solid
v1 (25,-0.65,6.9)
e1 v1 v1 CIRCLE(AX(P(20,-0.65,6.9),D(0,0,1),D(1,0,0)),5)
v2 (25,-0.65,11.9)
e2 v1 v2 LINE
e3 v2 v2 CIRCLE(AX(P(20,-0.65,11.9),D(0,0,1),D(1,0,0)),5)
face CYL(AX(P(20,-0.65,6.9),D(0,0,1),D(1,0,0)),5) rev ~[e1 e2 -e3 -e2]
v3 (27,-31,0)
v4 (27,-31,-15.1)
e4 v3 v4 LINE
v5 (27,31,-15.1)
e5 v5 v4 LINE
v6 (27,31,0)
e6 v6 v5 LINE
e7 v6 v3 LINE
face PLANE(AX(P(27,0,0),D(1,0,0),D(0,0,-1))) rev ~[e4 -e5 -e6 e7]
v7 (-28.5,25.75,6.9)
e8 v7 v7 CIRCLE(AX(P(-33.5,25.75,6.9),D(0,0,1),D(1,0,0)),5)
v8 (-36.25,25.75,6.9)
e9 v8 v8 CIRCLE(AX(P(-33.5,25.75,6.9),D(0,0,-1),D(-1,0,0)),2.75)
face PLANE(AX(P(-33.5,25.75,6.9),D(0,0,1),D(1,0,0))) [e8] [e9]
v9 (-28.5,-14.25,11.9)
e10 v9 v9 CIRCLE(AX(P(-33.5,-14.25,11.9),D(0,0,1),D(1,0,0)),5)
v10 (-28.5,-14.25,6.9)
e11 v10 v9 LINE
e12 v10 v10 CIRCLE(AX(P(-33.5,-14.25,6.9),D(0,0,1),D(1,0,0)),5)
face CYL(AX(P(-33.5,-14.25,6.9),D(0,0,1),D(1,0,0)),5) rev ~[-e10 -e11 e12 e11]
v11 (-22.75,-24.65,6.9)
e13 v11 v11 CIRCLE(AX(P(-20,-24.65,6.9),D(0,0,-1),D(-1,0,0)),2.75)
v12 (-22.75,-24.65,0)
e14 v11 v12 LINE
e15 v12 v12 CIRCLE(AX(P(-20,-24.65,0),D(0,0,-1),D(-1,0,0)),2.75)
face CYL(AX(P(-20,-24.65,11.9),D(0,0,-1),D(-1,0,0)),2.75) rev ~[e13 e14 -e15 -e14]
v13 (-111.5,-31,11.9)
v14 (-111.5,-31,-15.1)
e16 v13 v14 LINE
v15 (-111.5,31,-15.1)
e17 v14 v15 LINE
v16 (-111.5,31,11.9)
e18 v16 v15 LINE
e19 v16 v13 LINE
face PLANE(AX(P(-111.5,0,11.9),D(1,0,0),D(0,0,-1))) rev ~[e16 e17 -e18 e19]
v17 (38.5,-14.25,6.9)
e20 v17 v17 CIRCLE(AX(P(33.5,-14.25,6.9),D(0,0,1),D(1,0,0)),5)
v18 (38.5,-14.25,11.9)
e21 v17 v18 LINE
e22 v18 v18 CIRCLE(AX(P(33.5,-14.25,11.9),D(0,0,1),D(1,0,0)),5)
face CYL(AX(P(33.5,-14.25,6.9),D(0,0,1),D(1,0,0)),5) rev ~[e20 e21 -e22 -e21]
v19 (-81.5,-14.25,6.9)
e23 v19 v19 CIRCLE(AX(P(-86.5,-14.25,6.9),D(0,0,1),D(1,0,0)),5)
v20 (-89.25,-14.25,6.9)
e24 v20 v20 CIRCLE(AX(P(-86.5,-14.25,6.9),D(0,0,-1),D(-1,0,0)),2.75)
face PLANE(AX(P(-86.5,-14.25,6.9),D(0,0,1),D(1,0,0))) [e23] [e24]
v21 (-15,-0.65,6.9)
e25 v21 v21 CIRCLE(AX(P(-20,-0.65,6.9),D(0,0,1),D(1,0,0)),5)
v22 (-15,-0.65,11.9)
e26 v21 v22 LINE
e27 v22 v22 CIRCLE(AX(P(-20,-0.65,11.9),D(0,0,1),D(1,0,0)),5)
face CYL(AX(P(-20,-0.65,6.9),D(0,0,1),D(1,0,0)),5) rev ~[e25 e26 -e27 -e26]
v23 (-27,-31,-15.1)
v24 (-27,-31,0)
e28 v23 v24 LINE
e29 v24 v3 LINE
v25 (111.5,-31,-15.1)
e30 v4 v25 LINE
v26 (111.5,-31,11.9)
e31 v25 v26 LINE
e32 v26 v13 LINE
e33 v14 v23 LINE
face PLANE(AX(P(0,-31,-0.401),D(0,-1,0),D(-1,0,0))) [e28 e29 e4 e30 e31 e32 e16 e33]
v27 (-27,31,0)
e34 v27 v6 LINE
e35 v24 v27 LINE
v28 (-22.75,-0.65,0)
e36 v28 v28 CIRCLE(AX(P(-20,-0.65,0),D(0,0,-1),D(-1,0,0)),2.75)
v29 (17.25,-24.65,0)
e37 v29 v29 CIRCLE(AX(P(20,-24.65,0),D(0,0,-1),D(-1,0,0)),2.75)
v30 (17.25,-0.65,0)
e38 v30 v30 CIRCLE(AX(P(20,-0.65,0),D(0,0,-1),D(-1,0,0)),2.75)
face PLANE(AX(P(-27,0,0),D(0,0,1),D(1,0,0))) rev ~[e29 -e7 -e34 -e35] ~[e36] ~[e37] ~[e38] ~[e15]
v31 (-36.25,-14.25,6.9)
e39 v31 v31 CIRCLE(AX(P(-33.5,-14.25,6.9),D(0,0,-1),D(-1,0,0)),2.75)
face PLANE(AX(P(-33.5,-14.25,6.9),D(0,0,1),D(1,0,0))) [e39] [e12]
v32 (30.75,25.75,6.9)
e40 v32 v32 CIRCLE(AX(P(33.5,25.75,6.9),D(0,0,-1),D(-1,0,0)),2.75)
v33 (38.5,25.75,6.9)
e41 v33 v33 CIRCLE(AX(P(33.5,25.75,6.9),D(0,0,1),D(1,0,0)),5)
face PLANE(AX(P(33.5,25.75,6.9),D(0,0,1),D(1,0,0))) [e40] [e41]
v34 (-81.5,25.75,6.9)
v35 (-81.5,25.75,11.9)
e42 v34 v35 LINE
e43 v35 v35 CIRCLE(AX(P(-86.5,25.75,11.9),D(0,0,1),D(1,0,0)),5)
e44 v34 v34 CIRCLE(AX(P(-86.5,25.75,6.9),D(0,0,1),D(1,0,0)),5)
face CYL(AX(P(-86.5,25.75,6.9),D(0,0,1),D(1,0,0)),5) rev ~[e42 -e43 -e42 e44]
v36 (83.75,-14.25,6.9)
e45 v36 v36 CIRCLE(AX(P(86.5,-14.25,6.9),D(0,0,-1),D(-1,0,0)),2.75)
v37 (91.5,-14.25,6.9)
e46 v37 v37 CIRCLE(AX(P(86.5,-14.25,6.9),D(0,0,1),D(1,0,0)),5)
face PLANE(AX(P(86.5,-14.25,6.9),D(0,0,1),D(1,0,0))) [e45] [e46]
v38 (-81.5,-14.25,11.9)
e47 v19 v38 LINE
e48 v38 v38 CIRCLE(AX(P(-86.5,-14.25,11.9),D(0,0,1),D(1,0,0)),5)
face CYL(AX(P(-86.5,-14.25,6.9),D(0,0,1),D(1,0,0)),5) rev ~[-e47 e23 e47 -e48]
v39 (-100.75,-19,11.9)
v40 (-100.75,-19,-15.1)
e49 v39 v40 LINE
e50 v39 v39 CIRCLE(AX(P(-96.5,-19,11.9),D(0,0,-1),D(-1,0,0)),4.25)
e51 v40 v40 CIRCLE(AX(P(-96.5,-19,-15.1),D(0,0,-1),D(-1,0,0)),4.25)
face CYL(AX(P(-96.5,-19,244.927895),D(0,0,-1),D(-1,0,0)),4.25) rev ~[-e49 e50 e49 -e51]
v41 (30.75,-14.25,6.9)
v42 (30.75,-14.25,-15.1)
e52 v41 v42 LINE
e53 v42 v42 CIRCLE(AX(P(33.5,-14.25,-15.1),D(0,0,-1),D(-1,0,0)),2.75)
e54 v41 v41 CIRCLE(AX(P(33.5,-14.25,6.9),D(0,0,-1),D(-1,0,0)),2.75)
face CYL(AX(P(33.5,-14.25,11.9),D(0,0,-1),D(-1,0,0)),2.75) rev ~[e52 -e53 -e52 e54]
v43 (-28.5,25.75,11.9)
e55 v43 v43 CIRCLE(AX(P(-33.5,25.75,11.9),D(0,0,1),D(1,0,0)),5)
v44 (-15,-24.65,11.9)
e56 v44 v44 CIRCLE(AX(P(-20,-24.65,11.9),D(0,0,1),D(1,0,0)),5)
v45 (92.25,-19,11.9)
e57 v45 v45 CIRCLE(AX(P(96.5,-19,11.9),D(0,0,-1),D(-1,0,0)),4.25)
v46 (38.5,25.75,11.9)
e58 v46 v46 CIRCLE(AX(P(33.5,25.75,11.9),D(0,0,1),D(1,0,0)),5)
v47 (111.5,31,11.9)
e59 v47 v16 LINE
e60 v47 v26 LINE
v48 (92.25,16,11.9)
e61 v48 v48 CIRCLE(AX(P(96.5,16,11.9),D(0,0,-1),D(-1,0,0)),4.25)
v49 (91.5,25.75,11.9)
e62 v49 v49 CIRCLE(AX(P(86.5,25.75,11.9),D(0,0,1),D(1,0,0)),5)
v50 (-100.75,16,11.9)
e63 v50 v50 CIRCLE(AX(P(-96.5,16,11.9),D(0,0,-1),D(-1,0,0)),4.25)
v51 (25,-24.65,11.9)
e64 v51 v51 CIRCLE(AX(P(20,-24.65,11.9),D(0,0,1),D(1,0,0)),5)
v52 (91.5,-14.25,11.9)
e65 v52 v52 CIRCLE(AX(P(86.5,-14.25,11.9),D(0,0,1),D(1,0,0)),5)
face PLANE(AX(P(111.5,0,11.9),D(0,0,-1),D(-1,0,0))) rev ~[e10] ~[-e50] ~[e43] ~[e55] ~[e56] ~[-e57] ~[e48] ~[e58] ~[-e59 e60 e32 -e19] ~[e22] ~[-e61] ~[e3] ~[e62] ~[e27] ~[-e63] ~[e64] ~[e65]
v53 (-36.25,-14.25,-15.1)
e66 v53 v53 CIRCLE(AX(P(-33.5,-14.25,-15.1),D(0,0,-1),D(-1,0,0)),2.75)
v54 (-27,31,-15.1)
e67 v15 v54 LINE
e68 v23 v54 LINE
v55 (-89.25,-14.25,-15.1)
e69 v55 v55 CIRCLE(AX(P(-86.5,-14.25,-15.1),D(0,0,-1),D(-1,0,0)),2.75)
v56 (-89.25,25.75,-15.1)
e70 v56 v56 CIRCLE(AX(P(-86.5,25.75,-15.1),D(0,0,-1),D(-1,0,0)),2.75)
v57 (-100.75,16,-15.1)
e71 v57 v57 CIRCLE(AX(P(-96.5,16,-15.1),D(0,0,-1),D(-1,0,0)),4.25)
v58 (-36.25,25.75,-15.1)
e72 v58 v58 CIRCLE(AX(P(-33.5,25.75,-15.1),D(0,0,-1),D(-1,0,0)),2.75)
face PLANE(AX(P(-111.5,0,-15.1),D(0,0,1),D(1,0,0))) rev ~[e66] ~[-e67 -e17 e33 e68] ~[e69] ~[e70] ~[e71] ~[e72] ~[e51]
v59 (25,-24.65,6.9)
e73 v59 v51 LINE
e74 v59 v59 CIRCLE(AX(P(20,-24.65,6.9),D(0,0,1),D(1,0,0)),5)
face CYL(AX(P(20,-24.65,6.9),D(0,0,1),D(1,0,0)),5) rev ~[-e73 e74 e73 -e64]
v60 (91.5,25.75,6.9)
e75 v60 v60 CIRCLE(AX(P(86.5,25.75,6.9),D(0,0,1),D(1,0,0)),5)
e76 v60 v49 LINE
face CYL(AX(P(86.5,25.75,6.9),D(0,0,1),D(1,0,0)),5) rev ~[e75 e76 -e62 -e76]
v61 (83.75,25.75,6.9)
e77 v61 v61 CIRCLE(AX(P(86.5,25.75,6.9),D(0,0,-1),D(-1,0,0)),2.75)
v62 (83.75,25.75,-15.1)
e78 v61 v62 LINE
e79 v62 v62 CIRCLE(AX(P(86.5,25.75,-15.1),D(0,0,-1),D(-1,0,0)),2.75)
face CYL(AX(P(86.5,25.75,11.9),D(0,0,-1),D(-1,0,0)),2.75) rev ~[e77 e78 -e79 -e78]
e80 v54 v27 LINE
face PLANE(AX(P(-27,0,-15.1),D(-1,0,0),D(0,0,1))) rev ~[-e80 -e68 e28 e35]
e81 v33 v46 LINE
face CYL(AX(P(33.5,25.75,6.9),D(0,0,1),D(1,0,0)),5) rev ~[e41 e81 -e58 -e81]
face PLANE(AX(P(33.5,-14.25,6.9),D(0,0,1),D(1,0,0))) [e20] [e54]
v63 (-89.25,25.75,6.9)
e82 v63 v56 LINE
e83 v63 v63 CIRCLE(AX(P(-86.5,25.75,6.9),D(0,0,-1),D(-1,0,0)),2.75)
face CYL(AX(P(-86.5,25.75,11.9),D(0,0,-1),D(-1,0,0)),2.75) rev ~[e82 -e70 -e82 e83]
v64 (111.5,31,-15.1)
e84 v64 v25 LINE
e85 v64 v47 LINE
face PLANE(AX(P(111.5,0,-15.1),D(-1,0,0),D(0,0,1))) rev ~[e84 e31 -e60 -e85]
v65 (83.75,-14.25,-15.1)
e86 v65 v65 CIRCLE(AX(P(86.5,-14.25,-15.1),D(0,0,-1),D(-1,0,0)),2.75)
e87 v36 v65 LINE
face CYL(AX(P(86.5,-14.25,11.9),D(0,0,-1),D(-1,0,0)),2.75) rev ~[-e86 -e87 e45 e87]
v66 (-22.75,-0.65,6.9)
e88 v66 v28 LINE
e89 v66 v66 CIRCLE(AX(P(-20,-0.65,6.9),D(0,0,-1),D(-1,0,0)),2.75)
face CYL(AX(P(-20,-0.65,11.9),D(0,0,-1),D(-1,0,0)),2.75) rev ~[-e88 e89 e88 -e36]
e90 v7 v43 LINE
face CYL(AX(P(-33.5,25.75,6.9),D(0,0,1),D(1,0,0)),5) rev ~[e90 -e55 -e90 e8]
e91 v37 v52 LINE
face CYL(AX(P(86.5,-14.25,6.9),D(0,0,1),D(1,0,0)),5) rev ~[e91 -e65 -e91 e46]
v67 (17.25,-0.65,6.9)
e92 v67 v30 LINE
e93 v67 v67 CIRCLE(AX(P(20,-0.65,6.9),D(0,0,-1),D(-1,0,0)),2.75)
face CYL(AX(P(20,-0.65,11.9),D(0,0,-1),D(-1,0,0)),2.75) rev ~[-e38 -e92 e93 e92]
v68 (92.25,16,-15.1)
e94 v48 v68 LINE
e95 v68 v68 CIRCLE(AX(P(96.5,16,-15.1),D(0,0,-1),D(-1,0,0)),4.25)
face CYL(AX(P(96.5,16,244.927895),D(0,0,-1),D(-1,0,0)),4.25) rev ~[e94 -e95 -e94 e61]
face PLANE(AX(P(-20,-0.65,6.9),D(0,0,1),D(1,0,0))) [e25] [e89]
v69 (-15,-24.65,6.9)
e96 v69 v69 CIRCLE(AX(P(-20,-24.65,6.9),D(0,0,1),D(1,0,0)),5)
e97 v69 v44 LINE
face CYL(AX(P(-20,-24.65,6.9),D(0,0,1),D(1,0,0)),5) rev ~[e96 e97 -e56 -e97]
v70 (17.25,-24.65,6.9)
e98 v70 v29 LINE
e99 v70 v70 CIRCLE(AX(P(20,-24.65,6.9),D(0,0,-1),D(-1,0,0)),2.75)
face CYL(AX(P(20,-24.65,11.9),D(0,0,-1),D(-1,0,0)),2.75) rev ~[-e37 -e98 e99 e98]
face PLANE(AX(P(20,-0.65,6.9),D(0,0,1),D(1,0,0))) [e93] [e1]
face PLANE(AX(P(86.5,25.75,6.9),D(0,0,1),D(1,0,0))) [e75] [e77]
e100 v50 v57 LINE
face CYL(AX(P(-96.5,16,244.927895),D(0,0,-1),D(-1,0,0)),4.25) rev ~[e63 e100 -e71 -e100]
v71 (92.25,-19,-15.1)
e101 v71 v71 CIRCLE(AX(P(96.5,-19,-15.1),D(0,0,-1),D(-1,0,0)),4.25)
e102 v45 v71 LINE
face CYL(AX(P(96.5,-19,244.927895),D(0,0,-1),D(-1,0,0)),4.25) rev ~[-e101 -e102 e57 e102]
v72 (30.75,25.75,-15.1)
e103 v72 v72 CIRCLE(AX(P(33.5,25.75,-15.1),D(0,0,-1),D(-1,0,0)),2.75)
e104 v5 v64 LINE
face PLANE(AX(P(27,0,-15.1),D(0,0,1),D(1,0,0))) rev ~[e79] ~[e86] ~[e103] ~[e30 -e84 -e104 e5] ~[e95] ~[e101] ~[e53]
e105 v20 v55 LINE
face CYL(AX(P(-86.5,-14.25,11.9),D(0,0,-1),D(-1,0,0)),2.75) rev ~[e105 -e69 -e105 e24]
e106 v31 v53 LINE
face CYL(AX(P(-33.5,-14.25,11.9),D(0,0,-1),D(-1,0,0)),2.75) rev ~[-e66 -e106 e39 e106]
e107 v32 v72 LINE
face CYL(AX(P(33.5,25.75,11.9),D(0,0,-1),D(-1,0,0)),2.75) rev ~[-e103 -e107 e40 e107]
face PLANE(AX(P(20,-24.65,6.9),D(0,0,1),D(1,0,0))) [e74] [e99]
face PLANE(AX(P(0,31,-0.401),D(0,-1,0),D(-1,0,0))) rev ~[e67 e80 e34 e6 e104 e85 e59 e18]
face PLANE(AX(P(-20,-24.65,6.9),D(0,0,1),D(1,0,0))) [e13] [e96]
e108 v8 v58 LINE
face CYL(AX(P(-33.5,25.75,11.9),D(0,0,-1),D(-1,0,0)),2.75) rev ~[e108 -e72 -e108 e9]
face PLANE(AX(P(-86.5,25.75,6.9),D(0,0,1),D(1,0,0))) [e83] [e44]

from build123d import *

# Parameters (mm, degrees)
BOSS_EXTRUDE1_DEPTH            = 31
M10X1_5_TAPPED_HOLE1_D         = 8.5
CBORE_FOR_M5_SHCS1_D           = 5.5
CBORE_FOR_M5_SHCS1_CBORE_D     = 10
CBORE_FOR_M5_SHCS1_CBORE_DEPTH = 5
CBORE_FOR_M5_SHCS2_D           = 5.5
CBORE_FOR_M5_SHCS2_CBORE_D     = 10
CBORE_FOR_M5_SHCS2_CBORE_DEPTH = 5


with BuildPart() as part:
    # Sketch1 → Boss-Extrude1 (new, symmetric)
    with BuildSketch(Plane(origin=(0, 0, 0), x_dir=(1, 0, 0), z_dir=(0, 1, 0))):
        Polygon((-27, 0), (27, 0), (27, 15.1), (111.5, 15.1), (111.5, -11.9), (-111.5, -11.9), (-111.5, 15.1), (-27, 15.1), align=None)
    extrude(amount=BOSS_EXTRUDE1_DEPTH, both=True)

    # M10x1.5 Tapped Hole1 (through all)
    with Locations(Plane.XY.offset(11.9)):
        with Locations((-96.5, 16), (-96.5, -19), (96.5, 16), (96.5, -19)):
            Hole(M10X1_5_TAPPED_HOLE1_D / 2)

    # CBORE for M5 SHCS1 (through all)
    with Locations(Plane.XY.offset(11.9)):
        with Locations((-86.5, 25.75), (-86.5, -14.25), (-33.5, 25.75), (-33.5, -14.25), (33.5, 25.75), (86.5, 25.75), (33.5, -14.25), (86.5, -14.25)):
            CounterBoreHole(CBORE_FOR_M5_SHCS1_D / 2, CBORE_FOR_M5_SHCS1_CBORE_D / 2, CBORE_FOR_M5_SHCS1_CBORE_DEPTH)

    # CBORE for M5 SHCS2 (through all)
    with Locations(Plane.XY.offset(11.9)):
        with Locations((-20, -0.65), (20, -0.65), (20, -24.65), (-20, -24.65)):
            CounterBoreHole(CBORE_FOR_M5_SHCS2_D / 2, CBORE_FOR_M5_SHCS2_CBORE_D / 2, CBORE_FOR_M5_SHCS2_CBORE_DEPTH)


solid = part.part
